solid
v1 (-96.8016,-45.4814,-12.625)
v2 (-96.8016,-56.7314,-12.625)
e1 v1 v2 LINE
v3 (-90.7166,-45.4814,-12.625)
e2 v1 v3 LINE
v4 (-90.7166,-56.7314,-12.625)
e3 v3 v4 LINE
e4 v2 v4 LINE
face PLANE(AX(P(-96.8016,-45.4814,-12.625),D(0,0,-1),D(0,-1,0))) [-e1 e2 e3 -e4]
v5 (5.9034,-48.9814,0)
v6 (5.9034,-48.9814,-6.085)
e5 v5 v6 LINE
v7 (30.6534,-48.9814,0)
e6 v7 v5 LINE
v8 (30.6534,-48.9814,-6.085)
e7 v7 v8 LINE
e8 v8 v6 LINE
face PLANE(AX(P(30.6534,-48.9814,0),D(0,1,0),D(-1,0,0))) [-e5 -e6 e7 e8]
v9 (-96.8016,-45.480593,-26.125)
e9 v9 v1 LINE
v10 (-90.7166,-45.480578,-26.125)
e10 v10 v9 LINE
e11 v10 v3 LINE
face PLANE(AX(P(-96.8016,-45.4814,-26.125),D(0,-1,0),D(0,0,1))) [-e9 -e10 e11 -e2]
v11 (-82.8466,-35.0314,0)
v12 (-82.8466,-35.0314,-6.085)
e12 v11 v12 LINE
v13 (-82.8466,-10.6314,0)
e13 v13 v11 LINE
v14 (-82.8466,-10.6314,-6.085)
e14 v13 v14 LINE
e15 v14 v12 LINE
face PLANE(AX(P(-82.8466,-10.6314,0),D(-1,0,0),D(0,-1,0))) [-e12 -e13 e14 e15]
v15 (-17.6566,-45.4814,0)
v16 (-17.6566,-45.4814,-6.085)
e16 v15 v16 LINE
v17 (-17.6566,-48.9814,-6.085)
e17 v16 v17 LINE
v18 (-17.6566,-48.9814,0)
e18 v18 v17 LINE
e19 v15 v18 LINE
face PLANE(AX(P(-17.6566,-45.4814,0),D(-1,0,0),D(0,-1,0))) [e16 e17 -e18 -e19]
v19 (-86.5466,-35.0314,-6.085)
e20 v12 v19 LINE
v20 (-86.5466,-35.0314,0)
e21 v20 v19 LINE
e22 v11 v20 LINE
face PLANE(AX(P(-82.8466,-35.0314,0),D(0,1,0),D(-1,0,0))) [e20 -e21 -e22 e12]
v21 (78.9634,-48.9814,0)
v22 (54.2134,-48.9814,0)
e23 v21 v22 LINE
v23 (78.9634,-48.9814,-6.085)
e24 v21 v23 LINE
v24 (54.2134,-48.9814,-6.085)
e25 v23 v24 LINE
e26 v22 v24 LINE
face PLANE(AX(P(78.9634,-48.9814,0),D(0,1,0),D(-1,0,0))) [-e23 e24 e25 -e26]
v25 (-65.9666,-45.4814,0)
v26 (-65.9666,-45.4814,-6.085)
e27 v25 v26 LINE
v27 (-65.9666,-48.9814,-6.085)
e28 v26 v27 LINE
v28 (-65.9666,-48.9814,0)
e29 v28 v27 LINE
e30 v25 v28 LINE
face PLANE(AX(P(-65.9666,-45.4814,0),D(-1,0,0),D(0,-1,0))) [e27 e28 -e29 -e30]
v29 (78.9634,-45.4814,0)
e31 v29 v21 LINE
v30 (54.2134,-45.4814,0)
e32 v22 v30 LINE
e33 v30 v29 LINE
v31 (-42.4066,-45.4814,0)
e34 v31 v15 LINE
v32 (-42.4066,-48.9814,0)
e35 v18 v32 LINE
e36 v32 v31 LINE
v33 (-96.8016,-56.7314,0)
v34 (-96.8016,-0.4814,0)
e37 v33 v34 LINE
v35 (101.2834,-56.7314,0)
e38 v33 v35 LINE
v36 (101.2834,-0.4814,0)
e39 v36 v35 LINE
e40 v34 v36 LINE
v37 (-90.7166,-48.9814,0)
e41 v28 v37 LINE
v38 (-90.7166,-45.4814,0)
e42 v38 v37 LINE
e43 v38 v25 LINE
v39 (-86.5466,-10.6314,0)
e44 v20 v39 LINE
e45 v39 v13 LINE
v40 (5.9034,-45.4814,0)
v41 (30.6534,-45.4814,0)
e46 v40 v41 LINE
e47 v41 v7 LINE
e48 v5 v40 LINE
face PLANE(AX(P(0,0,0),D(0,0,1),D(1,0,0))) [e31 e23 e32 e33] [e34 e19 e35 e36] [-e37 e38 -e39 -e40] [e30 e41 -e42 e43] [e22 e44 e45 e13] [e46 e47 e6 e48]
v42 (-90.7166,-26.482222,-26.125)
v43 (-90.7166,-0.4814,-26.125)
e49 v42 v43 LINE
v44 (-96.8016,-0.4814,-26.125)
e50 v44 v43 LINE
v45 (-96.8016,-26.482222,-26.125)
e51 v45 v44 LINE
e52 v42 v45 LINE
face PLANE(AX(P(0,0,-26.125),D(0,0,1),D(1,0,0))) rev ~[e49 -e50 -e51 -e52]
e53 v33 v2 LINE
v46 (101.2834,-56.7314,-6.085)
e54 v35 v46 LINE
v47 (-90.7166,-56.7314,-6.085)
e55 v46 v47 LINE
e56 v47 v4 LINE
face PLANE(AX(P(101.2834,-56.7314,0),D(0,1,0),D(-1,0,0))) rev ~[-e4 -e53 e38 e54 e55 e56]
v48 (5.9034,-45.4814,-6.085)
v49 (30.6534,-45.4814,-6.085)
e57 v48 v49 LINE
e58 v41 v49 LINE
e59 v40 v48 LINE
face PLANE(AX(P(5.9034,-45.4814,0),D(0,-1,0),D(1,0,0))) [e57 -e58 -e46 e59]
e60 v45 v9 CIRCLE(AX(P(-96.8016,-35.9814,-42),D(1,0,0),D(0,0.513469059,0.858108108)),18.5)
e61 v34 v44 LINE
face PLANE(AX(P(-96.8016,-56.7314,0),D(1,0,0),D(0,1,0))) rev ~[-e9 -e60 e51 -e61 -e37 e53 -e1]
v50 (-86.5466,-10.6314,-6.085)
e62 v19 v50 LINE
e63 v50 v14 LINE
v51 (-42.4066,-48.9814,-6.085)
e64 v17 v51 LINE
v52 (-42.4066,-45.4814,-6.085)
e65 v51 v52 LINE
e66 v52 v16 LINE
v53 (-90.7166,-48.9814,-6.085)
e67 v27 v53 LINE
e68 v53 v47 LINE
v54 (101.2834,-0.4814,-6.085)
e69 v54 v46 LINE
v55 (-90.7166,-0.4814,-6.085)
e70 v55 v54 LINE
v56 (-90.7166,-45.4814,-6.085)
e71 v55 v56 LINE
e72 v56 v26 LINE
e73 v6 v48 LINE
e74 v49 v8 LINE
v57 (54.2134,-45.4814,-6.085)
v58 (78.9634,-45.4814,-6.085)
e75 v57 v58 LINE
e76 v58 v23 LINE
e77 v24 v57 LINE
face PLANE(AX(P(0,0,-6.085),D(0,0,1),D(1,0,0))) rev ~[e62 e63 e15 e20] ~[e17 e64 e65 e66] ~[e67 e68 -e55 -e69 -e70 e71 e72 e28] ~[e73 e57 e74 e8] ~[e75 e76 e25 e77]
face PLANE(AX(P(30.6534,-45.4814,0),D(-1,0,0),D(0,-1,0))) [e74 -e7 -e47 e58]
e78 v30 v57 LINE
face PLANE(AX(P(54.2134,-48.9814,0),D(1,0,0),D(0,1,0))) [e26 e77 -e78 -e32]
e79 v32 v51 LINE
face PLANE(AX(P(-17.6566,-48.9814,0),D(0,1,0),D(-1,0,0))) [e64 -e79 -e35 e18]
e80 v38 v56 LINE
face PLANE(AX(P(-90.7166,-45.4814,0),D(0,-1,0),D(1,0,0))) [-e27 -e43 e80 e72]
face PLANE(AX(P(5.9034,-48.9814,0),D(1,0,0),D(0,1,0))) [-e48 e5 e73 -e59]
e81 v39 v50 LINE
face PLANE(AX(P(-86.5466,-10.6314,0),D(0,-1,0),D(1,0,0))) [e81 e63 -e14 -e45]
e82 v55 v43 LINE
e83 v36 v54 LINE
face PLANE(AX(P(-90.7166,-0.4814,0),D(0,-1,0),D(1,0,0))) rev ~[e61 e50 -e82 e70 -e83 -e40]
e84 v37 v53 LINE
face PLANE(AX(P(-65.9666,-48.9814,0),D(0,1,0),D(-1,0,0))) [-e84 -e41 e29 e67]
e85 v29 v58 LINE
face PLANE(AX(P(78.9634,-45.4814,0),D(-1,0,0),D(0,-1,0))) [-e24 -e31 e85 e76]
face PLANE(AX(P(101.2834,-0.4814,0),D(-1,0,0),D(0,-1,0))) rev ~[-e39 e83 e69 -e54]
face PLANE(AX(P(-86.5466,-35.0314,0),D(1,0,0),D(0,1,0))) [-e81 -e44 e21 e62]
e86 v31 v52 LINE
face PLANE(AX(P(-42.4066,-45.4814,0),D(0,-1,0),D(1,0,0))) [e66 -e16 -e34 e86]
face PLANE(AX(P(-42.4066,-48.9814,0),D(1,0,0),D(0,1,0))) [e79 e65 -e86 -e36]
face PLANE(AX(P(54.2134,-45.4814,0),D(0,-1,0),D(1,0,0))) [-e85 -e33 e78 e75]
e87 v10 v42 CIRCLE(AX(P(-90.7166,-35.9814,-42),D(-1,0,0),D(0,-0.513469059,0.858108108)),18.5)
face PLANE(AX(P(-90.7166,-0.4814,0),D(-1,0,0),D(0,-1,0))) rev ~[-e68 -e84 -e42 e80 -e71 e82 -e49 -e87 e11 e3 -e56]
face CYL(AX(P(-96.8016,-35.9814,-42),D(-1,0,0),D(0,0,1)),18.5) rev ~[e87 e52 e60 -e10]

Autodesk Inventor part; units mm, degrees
ref_plane "YZ Plane" through (0, 0, 0) normal (1, 0, 0) x (0, 1, 0)
ref_plane "XZ Plane" through (0, 0, 0) normal (0, 1, 0) x (-1, 0, 0)
ref_plane "XY Plane" through (0, 0, 0) normal (0, 0, 1) x (1, 0, 0)
sketch "Sketch1" plane through (0, 0, 0) normal (0, 0, 1) x (1, 0, 0)
  line L0 (-96.8016, -0.4814) -> (101.2834, -0.4814)
  line L1 (101.2834, -0.4814) -> (101.2834, -56.7314)
  line L2 (101.2834, -56.7314) -> (-96.8016, -56.7314)
  line L3 (-96.8016, -56.7314) -> (-96.8016, -0.4814)
  line L4 (-96.8016, -0.4814) -> (-90.7166, -0.4814)
  line L5 (-90.7166, -0.4814) -> (-90.7166, -56.7314)
  line L6 (-90.7166, -56.7314) -> (-96.8016, -56.7314)
  line L7 (-96.8016, -56.7314) -> (-96.8016, -0.4814)
  line L8 (-86.5466, -10.6314) -> (-82.8466, -10.6314)
  line L9 (-82.8466, -10.6314) -> (-82.8466, -35.0314)
  line L10 (-82.8466, -35.0314) -> (-86.5466, -35.0314)
  line L11 (-86.5466, -35.0314) -> (-86.5466, -10.6314)
  line L12 (-90.7166, -45.4814) -> (-65.9666, -45.4814)
  line L13 (-65.9666, -45.4814) -> (-65.9666, -48.9814)
  line L14 (-65.9666, -48.9814) -> (-90.7166, -48.9814)
  line L15 (-90.7166, -48.9814) -> (-90.7166, -45.4814)
  line L16 (-17.6566, -45.4814) -> (-17.6566, -48.9814)
  line L17 (-17.6566, -48.9814) -> (-42.4066, -48.9814)
  line L18 (-42.4066, -48.9814) -> (-42.4066, -45.4814)
  line L19 (-42.4066, -45.4814) -> (-17.6566, -45.4814)
  line L20 (30.6534, -45.4814) -> (30.6534, -48.9814)
  line L21 (30.6534, -48.9814) -> (5.9034, -48.9814)
  line L22 (5.9034, -48.9814) -> (5.9034, -45.4814)
  line L23 (5.9034, -45.4814) -> (30.6534, -45.4814)
  line L24 (78.9634, -45.4814) -> (78.9634, -48.9814)
  line L25 (78.9634, -48.9814) -> (54.2134, -48.9814)
  line L26 (54.2134, -48.9814) -> (54.2134, -45.4814)
  line L27 (54.2134, -45.4814) -> (78.9634, -45.4814)
  point P0 (0, 0)
  dimension "d0" = 198.085
  dimension "d1" = 56.25
  dimension "d2" = 0
  dimension "d3" = 0
  dimension "d4" = 0
  dimension "d5" = 6.085
  dimension "d6" = 4.17
  dimension "d7" = 10.15
  dimension "d8" = 3.7
  dimension "d9" = 24.4
  dimension "d10" = 7.75
  dimension "d11" = 0
  dimension "d12" = 24.75
  dimension "d15" = 48.31
  dimension "d20" = 3.5
extrude "Extrusion1" add sketch "Sketch1" against normal blind 6.085 contours L0 L1 L2 L5 L14 L13 L12
extrude "Extrusion2" add sketch "Sketch1" against normal blind 26.125 contours L0 L5 L2 L3
sketch "Sketch2" plane through (-96.8016, -56.7314, 0) normal (-1, 0, 0) x (0, 0, 1)
  line L0 (0, 0) -> (-84, 0)
  circle A0 centre (-42, 20.75) radius 18.5
  point P0 (0, 56.7314)
  dimension "d25" = 84
  dimension "d26" = 37
  dimension "d27" = 20.75
extrude "Extrusion3" cut sketch "Sketch2" against normal blind 26.125
sketch "Sketch3" plane through (-96.8016, -56.7314, 0) normal (-1, 0, 0) x (0, 0, 1)
  line L0 (-68.8984, 11.25) -> (-12.625, 11.25)
  line L1 (-12.625, 11.25) -> (-12.625, -13.0392)
  line L2 (-12.625, -13.0392) -> (-68.8984, -13.0392)
  line L3 (-68.8984, -13.0392) -> (-68.8984, 11.25)
  line L4 (-26.125, 0) -> (-26.125, 11.2508) projected
  line L5 (0, 0) -> (-26.125, 0) projected
  point P0 (0, 56.7314)
  dimension "d30" = 13.5
  dimension "d31" = 11.25
extrude "Extrusion4" cut sketch "Sketch3" against normal blind 10
properties part number "side frame left"
